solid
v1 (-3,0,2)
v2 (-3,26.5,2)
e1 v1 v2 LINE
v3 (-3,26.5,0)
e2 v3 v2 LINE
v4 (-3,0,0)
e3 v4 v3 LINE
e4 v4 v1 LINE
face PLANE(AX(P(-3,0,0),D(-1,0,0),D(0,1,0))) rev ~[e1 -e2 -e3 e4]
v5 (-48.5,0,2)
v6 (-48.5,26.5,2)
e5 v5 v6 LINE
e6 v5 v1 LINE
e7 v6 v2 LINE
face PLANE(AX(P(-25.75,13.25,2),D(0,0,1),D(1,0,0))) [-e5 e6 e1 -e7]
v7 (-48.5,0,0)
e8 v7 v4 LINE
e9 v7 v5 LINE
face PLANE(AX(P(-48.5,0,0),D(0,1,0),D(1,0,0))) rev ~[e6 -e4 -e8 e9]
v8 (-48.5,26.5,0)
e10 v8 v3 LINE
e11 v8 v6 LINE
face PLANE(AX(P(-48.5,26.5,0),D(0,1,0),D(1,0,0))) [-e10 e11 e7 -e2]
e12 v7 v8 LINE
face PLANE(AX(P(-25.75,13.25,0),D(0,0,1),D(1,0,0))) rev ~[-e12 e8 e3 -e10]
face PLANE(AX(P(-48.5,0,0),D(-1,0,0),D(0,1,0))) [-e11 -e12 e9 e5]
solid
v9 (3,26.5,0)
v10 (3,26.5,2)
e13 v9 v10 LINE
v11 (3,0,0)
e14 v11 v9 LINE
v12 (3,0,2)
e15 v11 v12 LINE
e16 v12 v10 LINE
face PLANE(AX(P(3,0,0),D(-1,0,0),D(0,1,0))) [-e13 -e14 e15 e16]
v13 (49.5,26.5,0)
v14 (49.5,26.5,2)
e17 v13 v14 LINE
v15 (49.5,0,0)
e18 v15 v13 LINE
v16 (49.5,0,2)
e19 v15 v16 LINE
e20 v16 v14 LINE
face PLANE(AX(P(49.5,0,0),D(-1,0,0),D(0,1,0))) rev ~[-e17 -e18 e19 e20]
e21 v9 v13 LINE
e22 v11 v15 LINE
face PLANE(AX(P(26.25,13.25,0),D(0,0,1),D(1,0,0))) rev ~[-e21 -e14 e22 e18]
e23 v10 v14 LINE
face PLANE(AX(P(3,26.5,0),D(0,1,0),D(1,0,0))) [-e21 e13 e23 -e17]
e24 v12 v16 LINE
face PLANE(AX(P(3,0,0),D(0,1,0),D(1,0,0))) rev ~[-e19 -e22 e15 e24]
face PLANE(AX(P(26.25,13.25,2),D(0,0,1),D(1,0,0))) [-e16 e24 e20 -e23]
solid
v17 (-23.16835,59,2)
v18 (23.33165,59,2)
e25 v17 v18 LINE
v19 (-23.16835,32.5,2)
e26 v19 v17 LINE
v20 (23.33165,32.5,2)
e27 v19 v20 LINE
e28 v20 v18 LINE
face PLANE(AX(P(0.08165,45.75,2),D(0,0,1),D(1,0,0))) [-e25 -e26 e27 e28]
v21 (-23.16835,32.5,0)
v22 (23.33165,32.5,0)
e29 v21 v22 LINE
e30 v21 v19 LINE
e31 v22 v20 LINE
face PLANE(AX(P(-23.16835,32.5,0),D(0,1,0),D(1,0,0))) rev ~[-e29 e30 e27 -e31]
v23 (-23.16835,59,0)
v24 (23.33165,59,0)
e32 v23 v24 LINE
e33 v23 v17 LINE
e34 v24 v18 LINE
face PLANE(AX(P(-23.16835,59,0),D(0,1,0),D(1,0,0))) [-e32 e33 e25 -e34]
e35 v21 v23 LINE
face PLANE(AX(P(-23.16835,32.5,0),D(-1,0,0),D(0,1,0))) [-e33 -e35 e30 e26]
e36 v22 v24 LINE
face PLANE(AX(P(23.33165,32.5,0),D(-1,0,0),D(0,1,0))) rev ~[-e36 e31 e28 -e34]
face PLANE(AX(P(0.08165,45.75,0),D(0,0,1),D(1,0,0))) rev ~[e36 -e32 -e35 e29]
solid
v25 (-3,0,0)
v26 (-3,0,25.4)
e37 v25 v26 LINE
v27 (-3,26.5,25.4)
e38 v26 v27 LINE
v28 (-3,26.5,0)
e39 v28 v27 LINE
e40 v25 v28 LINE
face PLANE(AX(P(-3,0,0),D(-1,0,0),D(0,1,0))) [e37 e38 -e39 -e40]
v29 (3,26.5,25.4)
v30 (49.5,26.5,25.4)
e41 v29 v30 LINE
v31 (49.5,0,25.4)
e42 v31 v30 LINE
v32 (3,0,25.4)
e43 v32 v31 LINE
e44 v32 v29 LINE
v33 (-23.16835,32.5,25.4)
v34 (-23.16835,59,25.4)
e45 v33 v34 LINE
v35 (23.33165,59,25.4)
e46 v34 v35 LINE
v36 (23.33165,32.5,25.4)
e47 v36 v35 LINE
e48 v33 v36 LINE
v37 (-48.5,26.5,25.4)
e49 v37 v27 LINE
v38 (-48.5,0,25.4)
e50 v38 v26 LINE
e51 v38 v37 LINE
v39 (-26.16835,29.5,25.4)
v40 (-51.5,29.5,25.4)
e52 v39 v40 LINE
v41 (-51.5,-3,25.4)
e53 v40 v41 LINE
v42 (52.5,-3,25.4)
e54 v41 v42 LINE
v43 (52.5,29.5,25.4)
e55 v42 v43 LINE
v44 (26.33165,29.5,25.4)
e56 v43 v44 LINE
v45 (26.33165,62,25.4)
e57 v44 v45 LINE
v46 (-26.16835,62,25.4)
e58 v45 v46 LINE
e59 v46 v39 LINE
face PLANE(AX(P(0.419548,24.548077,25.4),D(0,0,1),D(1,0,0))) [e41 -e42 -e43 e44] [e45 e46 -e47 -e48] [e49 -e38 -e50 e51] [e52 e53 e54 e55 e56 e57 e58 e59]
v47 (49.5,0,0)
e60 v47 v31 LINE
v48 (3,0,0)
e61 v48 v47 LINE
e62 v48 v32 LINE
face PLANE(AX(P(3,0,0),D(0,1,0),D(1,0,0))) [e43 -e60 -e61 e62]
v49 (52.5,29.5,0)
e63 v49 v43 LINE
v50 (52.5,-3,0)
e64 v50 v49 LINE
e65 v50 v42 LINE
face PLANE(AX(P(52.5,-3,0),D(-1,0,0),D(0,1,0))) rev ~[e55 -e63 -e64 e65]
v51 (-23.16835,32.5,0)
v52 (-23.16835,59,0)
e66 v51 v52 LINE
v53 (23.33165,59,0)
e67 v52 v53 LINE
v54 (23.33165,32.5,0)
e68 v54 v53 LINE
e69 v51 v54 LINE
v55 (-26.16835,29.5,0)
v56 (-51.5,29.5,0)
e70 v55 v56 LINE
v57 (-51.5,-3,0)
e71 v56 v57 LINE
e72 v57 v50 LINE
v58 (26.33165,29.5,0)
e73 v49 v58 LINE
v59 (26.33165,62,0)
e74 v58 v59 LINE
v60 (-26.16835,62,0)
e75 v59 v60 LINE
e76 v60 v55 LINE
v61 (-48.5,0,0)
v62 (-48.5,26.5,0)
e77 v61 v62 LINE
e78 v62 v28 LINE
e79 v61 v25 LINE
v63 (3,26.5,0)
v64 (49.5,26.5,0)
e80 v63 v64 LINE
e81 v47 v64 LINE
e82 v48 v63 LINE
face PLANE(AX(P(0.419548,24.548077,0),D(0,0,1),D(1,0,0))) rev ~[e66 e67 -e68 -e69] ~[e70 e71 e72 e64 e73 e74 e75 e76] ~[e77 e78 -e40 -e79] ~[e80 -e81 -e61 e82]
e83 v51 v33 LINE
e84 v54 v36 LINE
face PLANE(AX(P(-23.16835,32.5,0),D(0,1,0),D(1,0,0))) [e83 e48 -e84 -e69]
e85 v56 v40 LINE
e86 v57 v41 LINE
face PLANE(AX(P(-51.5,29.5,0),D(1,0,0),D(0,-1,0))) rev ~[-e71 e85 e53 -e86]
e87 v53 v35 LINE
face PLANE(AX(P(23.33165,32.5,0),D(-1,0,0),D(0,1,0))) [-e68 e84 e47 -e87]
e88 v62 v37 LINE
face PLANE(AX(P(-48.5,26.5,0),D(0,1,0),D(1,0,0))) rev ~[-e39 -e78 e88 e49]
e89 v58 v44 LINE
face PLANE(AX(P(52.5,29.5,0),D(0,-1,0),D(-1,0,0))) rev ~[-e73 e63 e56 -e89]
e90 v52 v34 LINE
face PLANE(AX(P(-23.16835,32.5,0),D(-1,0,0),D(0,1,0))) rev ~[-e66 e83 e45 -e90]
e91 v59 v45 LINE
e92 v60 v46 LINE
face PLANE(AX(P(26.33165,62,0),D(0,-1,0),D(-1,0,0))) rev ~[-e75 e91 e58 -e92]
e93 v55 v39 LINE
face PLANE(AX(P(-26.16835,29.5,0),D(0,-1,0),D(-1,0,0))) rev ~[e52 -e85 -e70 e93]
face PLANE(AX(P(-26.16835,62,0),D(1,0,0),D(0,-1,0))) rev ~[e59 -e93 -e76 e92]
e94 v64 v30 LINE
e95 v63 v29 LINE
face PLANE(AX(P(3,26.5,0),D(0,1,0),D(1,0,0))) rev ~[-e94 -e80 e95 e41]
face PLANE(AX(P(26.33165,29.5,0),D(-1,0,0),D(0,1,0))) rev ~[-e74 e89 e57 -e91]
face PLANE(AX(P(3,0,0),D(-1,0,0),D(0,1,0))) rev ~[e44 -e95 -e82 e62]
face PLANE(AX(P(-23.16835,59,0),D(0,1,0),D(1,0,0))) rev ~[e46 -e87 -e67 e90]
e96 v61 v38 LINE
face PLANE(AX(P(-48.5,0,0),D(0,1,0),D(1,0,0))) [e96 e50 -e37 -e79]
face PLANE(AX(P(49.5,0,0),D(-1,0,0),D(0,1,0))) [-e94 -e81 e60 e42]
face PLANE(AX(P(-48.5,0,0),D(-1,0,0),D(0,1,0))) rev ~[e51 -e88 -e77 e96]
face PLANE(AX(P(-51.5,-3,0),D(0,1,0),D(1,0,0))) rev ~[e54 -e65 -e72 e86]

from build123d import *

# Parameters (mm, degrees)
F0_W     = 45.5
F0_H     = 26.5
F0_W_2   = 46.5
F1_DEPTH = 2
F2_DEPTH = 25.4


with BuildPart() as f1:
    # F0 (on Top) → F1 (new body)
    with BuildSketch(Plane.XY):
        with Locations((-25.75, 13.25)):
            Rectangle(F0_W, F0_H)
        with Locations((26.25, 13.25)):
            Rectangle(F0_W_2, F0_H)
        with Locations((0.08165, 45.75)):
            Rectangle(F0_W_2, F0_H)
    extrude(amount=F1_DEPTH)


with BuildPart() as f2:
    # F0 (on Top) → F2 (new body)
    with BuildSketch(Plane.XY):
        Polygon((26.33165, 62), (0.08165, 62), (-23.16835, 62), (-26.16835, 62), (-26.16835, 32.5), (-26.16835, 29.5), (-51.5, 29.5), (-51.5, 26.5), (-51.5, -3), (-48.5, -3), (52.5, -3), (52.5, 0), (52.5, 29.5), (26.33165, 29.5), (26.33165, 32.5), align=None)
        with Locations((-25.75, 13.25)):
            Rectangle(F0_W, F0_H, mode=Mode.SUBTRACT)
        with Locations((26.25, 13.25)):
            Rectangle(F0_W_2, F0_H, mode=Mode.SUBTRACT)
        with Locations((0.08165, 45.75)):
            Rectangle(F0_W_2, F0_H, mode=Mode.SUBTRACT)
    extrude(amount=F2_DEPTH)


solid = Compound([f1.part, f2.part])
